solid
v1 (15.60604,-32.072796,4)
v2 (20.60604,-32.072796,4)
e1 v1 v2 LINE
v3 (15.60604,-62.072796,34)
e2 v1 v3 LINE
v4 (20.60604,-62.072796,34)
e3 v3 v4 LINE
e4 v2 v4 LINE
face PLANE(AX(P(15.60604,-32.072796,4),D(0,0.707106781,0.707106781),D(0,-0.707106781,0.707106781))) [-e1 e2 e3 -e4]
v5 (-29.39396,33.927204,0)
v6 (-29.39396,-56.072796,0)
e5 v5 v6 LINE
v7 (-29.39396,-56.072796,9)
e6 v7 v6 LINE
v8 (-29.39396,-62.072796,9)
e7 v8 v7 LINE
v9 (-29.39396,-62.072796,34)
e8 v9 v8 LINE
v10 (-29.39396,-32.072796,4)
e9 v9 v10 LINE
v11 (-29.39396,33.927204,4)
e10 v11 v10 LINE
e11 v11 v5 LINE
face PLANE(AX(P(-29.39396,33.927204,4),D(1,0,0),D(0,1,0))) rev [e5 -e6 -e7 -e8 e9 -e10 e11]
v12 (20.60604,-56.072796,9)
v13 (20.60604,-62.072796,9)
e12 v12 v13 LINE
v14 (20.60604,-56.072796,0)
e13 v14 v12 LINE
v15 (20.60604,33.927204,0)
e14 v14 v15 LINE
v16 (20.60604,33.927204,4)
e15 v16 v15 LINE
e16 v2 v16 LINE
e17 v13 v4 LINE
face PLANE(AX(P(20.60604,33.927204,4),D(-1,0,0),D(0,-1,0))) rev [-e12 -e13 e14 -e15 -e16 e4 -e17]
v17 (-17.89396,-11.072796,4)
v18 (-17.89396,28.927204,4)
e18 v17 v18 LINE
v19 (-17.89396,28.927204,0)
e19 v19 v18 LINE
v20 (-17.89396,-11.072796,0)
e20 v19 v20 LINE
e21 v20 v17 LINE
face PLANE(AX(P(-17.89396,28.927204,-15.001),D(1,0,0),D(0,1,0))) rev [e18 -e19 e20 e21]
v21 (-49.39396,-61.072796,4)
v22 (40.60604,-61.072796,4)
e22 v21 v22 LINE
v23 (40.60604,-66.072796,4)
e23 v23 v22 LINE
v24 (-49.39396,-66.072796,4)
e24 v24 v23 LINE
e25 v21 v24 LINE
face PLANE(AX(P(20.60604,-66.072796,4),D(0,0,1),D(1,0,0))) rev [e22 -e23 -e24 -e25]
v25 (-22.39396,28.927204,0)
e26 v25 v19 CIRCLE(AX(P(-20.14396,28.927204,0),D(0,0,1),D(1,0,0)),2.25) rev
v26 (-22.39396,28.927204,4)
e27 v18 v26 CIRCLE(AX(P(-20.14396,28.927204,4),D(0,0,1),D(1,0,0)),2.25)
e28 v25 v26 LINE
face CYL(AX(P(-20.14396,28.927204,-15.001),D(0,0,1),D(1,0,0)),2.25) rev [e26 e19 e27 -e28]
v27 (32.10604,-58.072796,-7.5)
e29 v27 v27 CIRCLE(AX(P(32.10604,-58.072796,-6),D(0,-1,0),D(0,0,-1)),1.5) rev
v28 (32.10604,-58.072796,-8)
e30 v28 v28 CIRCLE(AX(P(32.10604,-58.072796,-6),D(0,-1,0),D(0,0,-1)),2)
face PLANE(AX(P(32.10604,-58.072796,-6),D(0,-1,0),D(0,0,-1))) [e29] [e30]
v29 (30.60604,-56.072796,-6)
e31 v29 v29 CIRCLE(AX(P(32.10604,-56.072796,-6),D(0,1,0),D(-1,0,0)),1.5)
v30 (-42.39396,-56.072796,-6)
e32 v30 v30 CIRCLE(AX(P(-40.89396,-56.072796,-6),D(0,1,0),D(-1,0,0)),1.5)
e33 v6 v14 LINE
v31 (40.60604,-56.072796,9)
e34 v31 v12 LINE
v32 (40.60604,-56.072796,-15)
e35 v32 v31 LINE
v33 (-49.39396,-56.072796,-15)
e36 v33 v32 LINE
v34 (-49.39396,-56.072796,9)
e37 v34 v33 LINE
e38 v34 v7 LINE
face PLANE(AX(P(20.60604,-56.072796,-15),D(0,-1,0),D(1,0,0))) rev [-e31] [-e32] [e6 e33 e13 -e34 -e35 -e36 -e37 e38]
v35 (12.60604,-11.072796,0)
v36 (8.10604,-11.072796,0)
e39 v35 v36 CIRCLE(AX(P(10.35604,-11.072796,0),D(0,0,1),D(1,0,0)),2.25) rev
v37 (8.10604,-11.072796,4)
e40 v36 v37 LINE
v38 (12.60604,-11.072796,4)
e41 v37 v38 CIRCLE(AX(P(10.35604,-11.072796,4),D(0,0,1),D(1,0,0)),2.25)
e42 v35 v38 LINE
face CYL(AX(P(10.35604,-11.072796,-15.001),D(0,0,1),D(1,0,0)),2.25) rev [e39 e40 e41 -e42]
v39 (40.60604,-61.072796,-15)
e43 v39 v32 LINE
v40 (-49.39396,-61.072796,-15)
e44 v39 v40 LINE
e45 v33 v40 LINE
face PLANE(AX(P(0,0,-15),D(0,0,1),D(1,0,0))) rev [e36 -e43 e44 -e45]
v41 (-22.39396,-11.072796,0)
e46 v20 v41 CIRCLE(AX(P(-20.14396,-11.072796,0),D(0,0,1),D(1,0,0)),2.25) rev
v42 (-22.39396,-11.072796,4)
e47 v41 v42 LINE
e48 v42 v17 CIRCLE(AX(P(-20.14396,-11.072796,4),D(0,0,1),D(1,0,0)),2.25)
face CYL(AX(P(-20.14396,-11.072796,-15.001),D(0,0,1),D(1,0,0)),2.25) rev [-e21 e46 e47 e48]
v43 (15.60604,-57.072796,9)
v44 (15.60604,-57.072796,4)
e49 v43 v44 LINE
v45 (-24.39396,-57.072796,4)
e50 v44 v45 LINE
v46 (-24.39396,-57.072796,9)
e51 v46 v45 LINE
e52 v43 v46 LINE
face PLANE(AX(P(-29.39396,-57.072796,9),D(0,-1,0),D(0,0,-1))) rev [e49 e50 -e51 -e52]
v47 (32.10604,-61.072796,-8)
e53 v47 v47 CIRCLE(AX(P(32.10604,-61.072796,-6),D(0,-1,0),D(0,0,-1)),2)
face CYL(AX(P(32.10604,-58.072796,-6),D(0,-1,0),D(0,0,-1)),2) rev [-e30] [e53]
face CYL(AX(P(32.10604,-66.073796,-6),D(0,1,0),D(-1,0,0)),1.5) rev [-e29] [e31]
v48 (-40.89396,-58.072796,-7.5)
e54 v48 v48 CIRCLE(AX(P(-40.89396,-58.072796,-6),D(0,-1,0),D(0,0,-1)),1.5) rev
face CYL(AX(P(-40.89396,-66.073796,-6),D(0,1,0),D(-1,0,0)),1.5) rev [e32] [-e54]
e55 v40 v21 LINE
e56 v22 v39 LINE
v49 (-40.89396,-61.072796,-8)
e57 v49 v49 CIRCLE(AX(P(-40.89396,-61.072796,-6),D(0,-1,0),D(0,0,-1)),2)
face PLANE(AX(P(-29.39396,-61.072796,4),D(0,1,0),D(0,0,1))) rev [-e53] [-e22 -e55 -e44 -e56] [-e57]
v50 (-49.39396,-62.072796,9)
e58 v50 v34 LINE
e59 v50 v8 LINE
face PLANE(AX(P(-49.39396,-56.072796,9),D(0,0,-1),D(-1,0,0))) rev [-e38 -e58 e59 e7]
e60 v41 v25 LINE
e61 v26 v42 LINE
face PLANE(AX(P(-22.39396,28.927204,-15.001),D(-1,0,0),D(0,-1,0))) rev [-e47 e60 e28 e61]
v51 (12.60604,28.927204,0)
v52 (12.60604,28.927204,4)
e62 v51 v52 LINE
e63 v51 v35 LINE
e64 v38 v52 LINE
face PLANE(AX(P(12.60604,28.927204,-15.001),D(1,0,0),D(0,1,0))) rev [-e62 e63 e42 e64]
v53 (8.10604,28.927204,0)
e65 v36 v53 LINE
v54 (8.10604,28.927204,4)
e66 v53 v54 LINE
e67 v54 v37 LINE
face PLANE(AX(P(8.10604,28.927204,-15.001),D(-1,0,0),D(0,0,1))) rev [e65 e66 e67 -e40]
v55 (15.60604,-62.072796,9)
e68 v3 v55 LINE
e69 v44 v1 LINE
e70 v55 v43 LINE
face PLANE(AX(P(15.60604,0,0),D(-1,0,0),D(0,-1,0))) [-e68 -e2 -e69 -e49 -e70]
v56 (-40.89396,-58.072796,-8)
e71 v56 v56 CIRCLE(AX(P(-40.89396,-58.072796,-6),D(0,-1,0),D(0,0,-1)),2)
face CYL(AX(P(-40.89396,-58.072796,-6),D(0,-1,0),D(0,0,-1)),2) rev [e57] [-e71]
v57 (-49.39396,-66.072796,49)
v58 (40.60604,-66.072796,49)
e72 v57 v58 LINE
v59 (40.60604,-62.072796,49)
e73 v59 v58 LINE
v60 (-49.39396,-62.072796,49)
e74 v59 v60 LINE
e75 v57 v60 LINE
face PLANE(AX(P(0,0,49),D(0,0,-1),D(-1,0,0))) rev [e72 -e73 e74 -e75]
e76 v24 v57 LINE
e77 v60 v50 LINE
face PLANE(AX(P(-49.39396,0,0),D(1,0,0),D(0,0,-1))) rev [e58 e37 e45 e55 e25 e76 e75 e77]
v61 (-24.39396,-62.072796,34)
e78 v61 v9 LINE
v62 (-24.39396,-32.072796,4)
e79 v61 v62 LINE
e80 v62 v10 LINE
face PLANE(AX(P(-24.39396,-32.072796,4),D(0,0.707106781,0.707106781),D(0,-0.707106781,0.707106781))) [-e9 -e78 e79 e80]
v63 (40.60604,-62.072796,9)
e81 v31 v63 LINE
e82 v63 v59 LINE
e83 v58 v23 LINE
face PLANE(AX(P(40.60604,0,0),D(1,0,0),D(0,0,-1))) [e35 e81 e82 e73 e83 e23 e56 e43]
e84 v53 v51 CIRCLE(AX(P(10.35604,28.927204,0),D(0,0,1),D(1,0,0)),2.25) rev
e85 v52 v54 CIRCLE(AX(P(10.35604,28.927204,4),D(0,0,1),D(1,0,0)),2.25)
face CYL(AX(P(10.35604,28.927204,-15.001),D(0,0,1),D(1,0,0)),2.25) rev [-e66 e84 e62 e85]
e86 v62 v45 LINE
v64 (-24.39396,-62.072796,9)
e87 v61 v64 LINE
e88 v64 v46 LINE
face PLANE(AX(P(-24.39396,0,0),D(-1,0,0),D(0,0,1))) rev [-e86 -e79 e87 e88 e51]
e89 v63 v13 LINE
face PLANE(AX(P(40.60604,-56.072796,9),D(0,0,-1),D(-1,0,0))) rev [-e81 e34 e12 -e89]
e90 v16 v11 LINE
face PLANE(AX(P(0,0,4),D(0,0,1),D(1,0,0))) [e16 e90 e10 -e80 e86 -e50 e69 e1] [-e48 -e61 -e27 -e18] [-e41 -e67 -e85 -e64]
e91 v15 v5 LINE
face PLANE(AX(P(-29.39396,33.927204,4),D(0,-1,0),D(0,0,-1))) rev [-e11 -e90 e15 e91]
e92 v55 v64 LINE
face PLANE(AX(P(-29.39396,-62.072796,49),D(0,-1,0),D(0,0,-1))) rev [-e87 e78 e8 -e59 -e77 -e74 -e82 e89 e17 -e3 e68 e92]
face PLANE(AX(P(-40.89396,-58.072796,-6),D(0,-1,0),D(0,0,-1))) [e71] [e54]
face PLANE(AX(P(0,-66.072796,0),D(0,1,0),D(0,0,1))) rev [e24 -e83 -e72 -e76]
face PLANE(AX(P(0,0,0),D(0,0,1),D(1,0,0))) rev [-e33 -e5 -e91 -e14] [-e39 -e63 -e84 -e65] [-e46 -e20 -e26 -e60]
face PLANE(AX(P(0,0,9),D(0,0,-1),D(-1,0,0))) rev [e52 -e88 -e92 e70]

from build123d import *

# Parameters (mm, degrees)
ESQUISSE1_W             = 50
ESQUISSE1_H             = 95
BOSS_EXTRU_1_DEPTH      = 4
ESQUISSE2_W             = 50
ESQUISSE2_H             = 4
BOSS_EXTRU_2_DEPTH      = 5
ESQUISSE3_W             = 50
ESQUISSE3_H             = 5
BOSS_EXTRU_3_DEPTH      = 5
ESQUISSE4_W             = 50
ESQUISSE4_H             = 4
BOSS_EXTRU_4_DEPTH      = 40
ESQUISSE5_W             = 50
ESQUISSE5_H             = 5
BOSS_EXTRU_5_DEPTH      = 15
ENL_V_MAT_EXTRU_1_REACH = 21
BOSS_EXTRU_6_DEPTH      = 5
BOSS_EXTRU_7_DEPTH      = 5
BOSS_EXTRU_8_DEPTH      = 20
BOSS_EXTRU_9_DEPTH      = 20
ENL_V_MAT_EXTRU_2_REACH = 12
ESQUISSE12_R            = 1.5
ESQUISSE13_R            = 2
ENL_V_MAT_EXTRU_3_DEPTH = 3


with BuildPart() as part:
    # Esquisse1 → Boss.-Extru.1 (new body)
    with BuildSketch(Plane.XY):
        with Locations((-4.39396009, -13.572795505)):
            Rectangle(ESQUISSE1_W, ESQUISSE1_H)
    extrude(amount=BOSS_EXTRU_1_DEPTH)

    # Esquisse2 → Boss.-Extru.2 (add)
    with BuildSketch(Plane.XY.offset(4)):
        with Locations((-4.39396009, -59.072795505)):
            Rectangle(ESQUISSE2_W, ESQUISSE2_H)
    extrude(amount=BOSS_EXTRU_2_DEPTH)

    # Esquisse3 → Boss.-Extru.3 (add)
    with BuildSketch(Plane.XZ.offset(61.072795505)):
        with Locations((-4.39396009, 6.5)):
            Rectangle(ESQUISSE3_W, ESQUISSE3_H)
    extrude(amount=BOSS_EXTRU_3_DEPTH)

    # Esquisse4 → Boss.-Extru.4 (add)
    with BuildSketch(Plane.XY.offset(9)):
        with Locations((-4.39396009, -64.072795505)):
            Rectangle(ESQUISSE4_W, ESQUISSE4_H)
    extrude(amount=BOSS_EXTRU_4_DEPTH)

    # Esquisse5 → Boss.-Extru.5 (add)
    with BuildSketch(Plane(origin=(0, 0, 0), x_dir=(-1, 0, 0), z_dir=(0, 0, -1))):
        with Locations((4.39396009, -58.572795505)):
            Rectangle(ESQUISSE5_W, ESQUISSE5_H)
    extrude(amount=BOSS_EXTRU_5_DEPTH)

    # Esquisse6 → Enlèv. mat.-Extru.1 (cut, up to next)
    with BuildSketch(Plane.XY.offset(4), mode=Mode.PRIVATE) as enl_v_mat_extru_1_sk1:
        with BuildLine():
            Line((-17.89396009, 28.927204495), (-17.89396009, -11.072795505))
            ThreePointArc((-17.89396009, -11.072795505), (-20.14396009, -13.322795505), (-22.39396009, -11.072795505))
            Line((-22.39396009, -11.072795505), (-22.39396009, 28.927204495))
            ThreePointArc((-22.39396009, 28.927204495), (-20.14396009, 31.177204495), (-17.89396009, 28.927204495))
        make_face()
    enl_v_mat_extru_1_tool1 = extrude(enl_v_mat_extru_1_sk1.sketch, amount=-ENL_V_MAT_EXTRU_1_REACH, mode=Mode.PRIVATE) & part.part
    add(enl_v_mat_extru_1_tool1.solids().sort_by_distance((-20.14396, 8.927204, 4))[0], mode=Mode.SUBTRACT)
    # Esquisse6 → Enlèv. mat.-Extru.1 (cut, up to next)
    with BuildSketch(Plane.XY.offset(4), mode=Mode.PRIVATE) as enl_v_mat_extru_1_sk2:
        with BuildLine():
            Line((12.60603991, 28.927204495), (12.60603991, -11.072795505))
            ThreePointArc((12.60603991, -11.072795505), (10.35603991, -13.322795505), (8.10603991, -11.072795505))
            Line((8.10603991, -11.072795505), (8.10603991, 28.927204495))
            ThreePointArc((8.10603991, 28.927204495), (10.35603991, 31.177204495), (12.60603991, 28.927204495))
        make_face()
    enl_v_mat_extru_1_tool2 = extrude(enl_v_mat_extru_1_sk2.sketch, amount=-ENL_V_MAT_EXTRU_1_REACH, mode=Mode.PRIVATE) & part.part
    add(enl_v_mat_extru_1_tool2.solids().sort_by_distance((10.35604, 8.927204, 4))[0], mode=Mode.SUBTRACT)

    # Esquisse7 → Boss.-Extru.6 (add)
    with BuildSketch(Plane.ZY.offset(29.39396009)):
        Polygon((4, -32.072795505), (34, -62.072795505), (4, -62.072795505), align=None)
    extrude(amount=-BOSS_EXTRU_6_DEPTH)

    # Esquisse8 → Boss.-Extru.7 (add)
    with BuildSketch(Plane(origin=(20.60603991, 0, 0), x_dir=(0, 0, -1), z_dir=(1, 0, 0))):
        Polygon((-4, -32.072795505), (-34, -62.072795505), (-4, -62.072795505), align=None)
    extrude(amount=-BOSS_EXTRU_7_DEPTH)

    # Esquisse10 → Boss.-Extru.8 (add)
    with BuildSketch(Plane(origin=(20.60603991, 0, 0), x_dir=(0, 0, -1), z_dir=(1, 0, 0))):
        Polygon((-49, -62.072795505), (-49, -66.072795505), (-4, -66.072795505), (-4, -61.072795505), (15, -61.072795505), (15, -56.072795505), (0, -56.072795505), (-9, -56.072795505), (-9, -62.072795505), align=None)
    extrude(amount=BOSS_EXTRU_8_DEPTH)

    # Esquisse11 → Boss.-Extru.9 (add)
    with BuildSketch(Plane.ZY.offset(29.39396009)):
        Polygon((49, -66.072795505), (4, -66.072795505), (4, -61.072795505), (-15, -61.072795505), (-15, -56.072795505), (0, -56.072795505), (9, -56.072795505), (9, -62.072795505), (49, -62.072795505), align=None)
    extrude(amount=BOSS_EXTRU_9_DEPTH)

    # Esquisse12 → Enlèv. mat.-Extru.2 (cut, up to next)
    with BuildSketch(Plane(origin=(0, -56.072795505, 0), x_dir=(1, 0, 0), z_dir=(0, 1, 0)), mode=Mode.PRIVATE) as enl_v_mat_extru_2_sk1:
        with Locations((32.10603991, 6)):
            Circle(ESQUISSE12_R)
    enl_v_mat_extru_2_tool1 = extrude(enl_v_mat_extru_2_sk1.sketch, amount=-ENL_V_MAT_EXTRU_2_REACH, mode=Mode.PRIVATE) & part.part
    add(enl_v_mat_extru_2_tool1.solids().sort_by_distance((32.10604, -56.072796, -6))[0], mode=Mode.SUBTRACT)
    # Esquisse12 → Enlèv. mat.-Extru.2 (cut, up to next)
    with BuildSketch(Plane(origin=(0, -56.072795505, 0), x_dir=(1, 0, 0), z_dir=(0, 1, 0)), mode=Mode.PRIVATE) as enl_v_mat_extru_2_sk2:
        with Locations((-40.89396009, 6)):
            Circle(ESQUISSE12_R)
    enl_v_mat_extru_2_tool2 = extrude(enl_v_mat_extru_2_sk2.sketch, amount=-ENL_V_MAT_EXTRU_2_REACH, mode=Mode.PRIVATE) & part.part
    add(enl_v_mat_extru_2_tool2.solids().sort_by_distance((-40.89396, -56.072796, -6))[0], mode=Mode.SUBTRACT)

    # Esquisse13 → Enlèv. mat.-Extru.3 (cut)
    with BuildSketch(Plane.XZ.offset(61.072795505)):
        with Locations((32.10603991, -6)):
            Circle(ESQUISSE13_R)
        with Locations((-40.89396009, -6)):
            Circle(ESQUISSE13_R)
    extrude(amount=-ENL_V_MAT_EXTRU_3_DEPTH, mode=Mode.SUBTRACT)


solid = part.part
